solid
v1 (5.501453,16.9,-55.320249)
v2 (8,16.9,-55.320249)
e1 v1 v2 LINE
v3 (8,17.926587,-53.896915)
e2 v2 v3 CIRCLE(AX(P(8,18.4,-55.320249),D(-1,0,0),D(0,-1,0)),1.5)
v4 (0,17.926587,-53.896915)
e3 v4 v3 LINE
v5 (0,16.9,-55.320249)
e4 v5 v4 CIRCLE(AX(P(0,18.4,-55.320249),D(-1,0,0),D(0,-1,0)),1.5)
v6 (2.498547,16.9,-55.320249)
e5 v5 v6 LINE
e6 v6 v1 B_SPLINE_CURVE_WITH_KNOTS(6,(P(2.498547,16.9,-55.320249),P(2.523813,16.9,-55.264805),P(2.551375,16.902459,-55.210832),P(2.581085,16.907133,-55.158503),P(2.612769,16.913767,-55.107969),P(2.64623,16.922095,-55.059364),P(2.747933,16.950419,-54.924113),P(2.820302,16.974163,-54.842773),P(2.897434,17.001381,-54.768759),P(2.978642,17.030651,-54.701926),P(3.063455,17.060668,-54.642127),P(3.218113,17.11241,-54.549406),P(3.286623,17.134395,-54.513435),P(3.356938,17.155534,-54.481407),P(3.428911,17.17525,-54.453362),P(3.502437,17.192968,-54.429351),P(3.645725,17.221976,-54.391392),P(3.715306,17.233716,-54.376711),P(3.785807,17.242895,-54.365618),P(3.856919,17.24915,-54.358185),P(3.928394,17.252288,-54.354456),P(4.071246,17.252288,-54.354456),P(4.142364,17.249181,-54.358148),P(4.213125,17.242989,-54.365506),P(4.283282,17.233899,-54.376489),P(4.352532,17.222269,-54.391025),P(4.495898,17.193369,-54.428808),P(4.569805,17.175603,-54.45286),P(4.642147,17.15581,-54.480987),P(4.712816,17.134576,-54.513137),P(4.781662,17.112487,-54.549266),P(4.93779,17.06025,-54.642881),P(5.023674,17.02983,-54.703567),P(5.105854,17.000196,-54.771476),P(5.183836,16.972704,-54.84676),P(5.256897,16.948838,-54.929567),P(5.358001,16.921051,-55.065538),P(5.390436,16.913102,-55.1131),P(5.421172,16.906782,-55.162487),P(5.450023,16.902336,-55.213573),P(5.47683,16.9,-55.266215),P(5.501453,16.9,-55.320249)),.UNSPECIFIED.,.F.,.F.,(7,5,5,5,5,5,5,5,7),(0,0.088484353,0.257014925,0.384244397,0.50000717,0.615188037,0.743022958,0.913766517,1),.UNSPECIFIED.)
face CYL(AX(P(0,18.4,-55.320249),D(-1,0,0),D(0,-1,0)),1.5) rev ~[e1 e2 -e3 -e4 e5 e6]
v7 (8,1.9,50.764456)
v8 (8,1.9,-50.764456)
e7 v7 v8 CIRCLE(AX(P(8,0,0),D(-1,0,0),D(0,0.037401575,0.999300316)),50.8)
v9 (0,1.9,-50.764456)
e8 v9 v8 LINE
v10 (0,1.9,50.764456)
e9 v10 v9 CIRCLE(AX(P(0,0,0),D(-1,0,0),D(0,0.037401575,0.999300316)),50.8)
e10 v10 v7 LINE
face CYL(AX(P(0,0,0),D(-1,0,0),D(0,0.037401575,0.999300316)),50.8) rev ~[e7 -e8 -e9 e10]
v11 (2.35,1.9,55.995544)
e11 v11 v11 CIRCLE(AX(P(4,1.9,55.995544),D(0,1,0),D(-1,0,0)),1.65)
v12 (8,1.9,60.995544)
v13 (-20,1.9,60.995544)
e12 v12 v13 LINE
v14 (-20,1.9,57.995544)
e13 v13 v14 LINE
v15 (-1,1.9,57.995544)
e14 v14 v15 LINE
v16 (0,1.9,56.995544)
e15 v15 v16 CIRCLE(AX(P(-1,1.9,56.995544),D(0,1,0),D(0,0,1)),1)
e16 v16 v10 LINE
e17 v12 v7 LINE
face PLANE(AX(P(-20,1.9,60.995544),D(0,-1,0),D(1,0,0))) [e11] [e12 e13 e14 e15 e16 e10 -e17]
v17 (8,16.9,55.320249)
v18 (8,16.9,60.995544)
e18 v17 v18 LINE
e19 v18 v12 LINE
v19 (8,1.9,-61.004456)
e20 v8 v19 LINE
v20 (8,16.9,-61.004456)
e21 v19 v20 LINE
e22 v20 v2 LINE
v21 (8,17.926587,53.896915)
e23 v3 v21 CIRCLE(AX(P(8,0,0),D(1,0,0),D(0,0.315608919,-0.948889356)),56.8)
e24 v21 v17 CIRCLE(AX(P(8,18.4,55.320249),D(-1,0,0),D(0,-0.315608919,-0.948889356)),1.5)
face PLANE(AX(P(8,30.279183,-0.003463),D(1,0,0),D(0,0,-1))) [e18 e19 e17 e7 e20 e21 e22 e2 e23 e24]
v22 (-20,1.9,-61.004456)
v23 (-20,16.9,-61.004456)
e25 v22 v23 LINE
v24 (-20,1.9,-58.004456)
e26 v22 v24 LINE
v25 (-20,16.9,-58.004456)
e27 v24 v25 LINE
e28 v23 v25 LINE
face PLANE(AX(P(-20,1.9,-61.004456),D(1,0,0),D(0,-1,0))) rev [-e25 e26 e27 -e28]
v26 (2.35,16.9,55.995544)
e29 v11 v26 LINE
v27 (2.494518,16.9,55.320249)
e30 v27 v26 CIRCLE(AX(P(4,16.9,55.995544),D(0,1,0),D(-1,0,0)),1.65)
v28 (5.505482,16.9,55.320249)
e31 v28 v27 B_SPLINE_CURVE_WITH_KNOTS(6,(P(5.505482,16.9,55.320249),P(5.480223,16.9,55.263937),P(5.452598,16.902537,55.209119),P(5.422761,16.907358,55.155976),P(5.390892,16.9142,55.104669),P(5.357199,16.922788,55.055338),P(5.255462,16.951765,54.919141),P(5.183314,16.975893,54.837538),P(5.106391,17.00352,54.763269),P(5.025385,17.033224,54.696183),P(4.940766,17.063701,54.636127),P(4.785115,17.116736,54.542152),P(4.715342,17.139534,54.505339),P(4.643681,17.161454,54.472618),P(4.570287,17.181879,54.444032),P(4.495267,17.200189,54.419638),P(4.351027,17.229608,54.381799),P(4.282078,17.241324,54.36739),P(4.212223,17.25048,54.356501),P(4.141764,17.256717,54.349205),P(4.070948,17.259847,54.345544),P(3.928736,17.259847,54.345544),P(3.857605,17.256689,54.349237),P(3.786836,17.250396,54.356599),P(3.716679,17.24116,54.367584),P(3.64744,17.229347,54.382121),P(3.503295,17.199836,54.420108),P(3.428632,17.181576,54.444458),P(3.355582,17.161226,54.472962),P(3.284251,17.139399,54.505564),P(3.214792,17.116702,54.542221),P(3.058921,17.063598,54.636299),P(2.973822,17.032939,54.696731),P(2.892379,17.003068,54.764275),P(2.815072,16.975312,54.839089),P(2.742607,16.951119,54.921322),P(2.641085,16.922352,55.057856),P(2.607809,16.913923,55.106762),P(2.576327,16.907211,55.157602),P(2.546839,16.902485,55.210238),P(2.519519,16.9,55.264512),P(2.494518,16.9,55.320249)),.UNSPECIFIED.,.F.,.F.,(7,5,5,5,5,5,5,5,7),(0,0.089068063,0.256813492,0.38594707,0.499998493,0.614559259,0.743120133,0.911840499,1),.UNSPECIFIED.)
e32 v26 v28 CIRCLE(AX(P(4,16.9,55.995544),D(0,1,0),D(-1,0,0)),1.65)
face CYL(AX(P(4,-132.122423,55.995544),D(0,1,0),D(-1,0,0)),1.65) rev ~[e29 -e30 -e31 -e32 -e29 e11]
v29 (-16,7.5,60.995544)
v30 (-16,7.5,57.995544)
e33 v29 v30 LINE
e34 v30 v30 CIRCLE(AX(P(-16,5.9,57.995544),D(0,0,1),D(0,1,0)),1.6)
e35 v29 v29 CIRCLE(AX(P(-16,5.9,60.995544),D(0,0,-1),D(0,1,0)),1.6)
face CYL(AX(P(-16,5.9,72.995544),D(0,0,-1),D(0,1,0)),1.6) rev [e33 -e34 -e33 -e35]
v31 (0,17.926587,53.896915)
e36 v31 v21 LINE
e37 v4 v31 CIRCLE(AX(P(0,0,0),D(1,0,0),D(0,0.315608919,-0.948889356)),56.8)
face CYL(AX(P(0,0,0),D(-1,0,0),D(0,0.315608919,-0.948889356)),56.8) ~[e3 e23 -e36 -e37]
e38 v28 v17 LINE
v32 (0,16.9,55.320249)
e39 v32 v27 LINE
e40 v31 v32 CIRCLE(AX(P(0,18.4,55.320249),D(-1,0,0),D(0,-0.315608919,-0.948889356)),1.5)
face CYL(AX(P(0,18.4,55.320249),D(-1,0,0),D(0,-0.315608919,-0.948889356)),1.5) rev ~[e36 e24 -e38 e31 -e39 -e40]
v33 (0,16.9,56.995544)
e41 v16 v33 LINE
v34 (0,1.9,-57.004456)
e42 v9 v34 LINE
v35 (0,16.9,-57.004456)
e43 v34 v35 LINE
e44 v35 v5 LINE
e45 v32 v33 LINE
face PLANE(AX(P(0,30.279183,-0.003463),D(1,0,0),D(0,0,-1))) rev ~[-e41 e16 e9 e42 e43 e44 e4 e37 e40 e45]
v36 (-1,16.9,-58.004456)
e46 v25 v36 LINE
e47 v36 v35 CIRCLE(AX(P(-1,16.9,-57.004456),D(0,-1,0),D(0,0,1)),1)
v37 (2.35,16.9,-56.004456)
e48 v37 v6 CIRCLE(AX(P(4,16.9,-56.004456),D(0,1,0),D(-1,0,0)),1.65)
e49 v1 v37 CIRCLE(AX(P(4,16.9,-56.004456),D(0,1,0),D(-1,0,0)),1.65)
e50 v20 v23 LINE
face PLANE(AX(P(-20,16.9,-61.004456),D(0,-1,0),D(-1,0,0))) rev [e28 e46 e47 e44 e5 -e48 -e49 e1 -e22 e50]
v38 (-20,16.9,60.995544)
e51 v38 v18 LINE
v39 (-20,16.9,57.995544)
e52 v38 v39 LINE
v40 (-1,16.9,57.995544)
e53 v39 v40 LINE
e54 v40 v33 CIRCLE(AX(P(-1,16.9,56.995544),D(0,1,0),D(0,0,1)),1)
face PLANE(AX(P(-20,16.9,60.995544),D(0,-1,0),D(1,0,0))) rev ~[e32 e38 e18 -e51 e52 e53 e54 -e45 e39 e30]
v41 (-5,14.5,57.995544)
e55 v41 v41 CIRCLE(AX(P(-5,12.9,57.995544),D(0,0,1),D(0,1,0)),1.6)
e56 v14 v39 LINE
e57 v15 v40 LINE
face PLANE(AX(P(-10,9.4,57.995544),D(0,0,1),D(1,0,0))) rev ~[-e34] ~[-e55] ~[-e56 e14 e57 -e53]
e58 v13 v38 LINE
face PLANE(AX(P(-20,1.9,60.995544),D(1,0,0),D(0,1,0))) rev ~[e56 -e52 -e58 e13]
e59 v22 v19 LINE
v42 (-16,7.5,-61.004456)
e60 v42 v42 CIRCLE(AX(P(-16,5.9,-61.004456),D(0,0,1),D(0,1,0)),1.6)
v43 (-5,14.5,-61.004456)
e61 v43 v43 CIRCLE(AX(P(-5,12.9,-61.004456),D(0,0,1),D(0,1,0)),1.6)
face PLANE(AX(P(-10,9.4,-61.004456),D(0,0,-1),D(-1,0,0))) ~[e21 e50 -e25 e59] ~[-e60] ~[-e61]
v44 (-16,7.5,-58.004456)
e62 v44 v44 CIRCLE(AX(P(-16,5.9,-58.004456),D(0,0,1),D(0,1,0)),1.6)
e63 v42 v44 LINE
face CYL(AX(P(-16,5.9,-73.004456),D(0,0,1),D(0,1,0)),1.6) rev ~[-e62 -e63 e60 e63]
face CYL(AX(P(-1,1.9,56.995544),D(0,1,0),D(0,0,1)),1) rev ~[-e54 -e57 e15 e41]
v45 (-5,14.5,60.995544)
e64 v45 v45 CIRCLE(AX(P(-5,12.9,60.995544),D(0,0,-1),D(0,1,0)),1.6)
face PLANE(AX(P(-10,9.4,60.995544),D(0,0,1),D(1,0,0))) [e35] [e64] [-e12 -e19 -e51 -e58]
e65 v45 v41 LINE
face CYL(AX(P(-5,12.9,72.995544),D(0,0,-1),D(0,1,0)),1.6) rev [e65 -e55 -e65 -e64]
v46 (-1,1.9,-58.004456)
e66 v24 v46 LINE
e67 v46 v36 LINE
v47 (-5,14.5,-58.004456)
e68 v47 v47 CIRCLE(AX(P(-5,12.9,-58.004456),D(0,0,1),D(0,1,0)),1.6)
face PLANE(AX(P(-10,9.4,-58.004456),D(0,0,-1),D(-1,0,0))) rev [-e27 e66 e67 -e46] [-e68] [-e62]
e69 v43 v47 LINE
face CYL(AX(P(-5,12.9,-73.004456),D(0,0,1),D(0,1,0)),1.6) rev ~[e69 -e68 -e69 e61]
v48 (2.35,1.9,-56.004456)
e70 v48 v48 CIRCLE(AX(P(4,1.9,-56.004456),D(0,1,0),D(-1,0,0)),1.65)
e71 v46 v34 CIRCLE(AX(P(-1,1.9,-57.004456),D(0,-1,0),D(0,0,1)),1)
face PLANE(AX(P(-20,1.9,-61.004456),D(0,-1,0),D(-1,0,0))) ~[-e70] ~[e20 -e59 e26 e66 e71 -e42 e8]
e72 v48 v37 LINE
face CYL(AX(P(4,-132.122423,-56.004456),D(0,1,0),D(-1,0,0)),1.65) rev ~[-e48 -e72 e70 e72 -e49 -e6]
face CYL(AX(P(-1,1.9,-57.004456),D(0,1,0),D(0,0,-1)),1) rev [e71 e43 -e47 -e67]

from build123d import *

# Parameters (mm, degrees)
BOSS_EXTRUDE1_DEPTH           = 8
M4_TAPPED_HOLE1_D             = 3.3
SKETCH8_W                     = 20
SKETCH8_H                     = 15
BOSS_EXTRUDE2_DEPTH           = 3
FILLET1_R                     = 1
M3_CLEARANCE_HOLE1_AT_2_COUNT = 2
M3_CLEARANCE_HOLE1_AT_2_PITCH = 13.03840481
FILLET1_OF_MIRROR1_R          = 1


with BuildPart() as part:
    # Sketch1 → Boss-Extrude1 (new body)
    with BuildSketch(Plane(origin=(0, 0, 0), x_dir=(0, 0, -1), z_dir=(1, 0, 0))):
        with BuildLine():
            Line((-60.995543931, 1.9), (-50.764456069, 1.9))
            ThreePointArc((-50.764456069, 1.9), (0, 50.8), (50.764456069, 1.9))
            Line((50.764456069, 1.9), (61.004456069, 1.9))
            Line((61.004456069, 1.9), (61.004456069, 16.9))
            Line((61.004456069, 16.9), (55.320249457, 16.9))
            ThreePointArc((55.320249457, 16.9), (54.442787227, 17.18342282), (53.896915423, 17.926586621))
            ThreePointArc((53.896915423, 17.926586621), (0, 56.8), (-53.896915423, 17.926586621))
            ThreePointArc((-53.896915423, 17.926586621), (-54.442787227, 17.18342282), (-55.320249457, 16.9))
            Line((-55.320249457, 16.9), (-60.995543931, 16.9))
            Line((-60.995543931, 16.9), (-60.995543931, 1.9))
        make_face()
    extrude(amount=BOSS_EXTRUDE1_DEPTH)

    # M4 Tapped Hole1 (through all)
    with Locations(Plane.XZ.offset(-1.9)):
        with Locations((4, -56.004456069), (4, 55.995543931)):
            Hole(M4_TAPPED_HOLE1_D / 2)

    # Sketch8 → Boss-Extrude2 (add)
    with BuildSketch(Plane.XY.offset(60.995543931)):
        with Locations((-10, 9.4)):
            Rectangle(SKETCH8_W, SKETCH8_H)
    boss_extrude2 = extrude(amount=-BOSS_EXTRUDE2_DEPTH)

    # Fillet1
    fillet1_edges = [part.edges().sort_by_distance(p)[0] for p in [
        (0, 9.4, 57.995543931),
    ]]
    fillet(fillet1_edges, radius=FILLET1_R)

    # Sketch9 → M3 Clearance Hole1 (revolve, cut)
    with BuildSketch(Plane(origin=(-5, 12.9, 57.995543931), x_dir=(0, 1, 0), z_dir=(1, 0, 0))):
        Polygon((0, 0), (0, 15.96137699), (1.6, 15), (1.6, 0), align=None)
    m3_clearance_hole1 = revolve(axis=Axis((-5, 12.9, 51.645543931), (0, 0, 1)), mode=Mode.SUBTRACT)

    # M3 Clearance Hole1 at 2: M3 Clearance Hole1 ×2
    with Locations(*[Vector(-0.8436614877321075, -0.5368754921931593, 0) * (i * M3_CLEARANCE_HOLE1_AT_2_PITCH) for i in range(1, M3_CLEARANCE_HOLE1_AT_2_COUNT)]):
        add(m3_clearance_hole1, mode=Mode.SUBTRACT)

    # Mirror1: Boss-Extrude2, M3 Clearance Hole1 across plane
    add(boss_extrude2.mirror(Plane(origin=(0, 0, -0.004456069), x_dir=(1, 0, 0), z_dir=(0, 0, -1))))
    add(m3_clearance_hole1.mirror(Plane(origin=(0, 0, -0.004456069), x_dir=(1, 0, 0), z_dir=(0, 0, -1))), mode=Mode.SUBTRACT)

    # Mirror1 copy 1 sketch → Mirror1 copy 1 (revolve, cut)
    with BuildSketch(Plane(origin=(-16, 5.9, -58.004456069), x_dir=(0, 1, 0), z_dir=(1, 0, 0))):
        Polygon((0, 0), (0, -15.96137699), (1.6, -15), (1.6, 0), align=None)
    revolve(axis=Axis((-16, 5.9, -51.654456069), (0, 0, 1)), mode=Mode.SUBTRACT)

    # Fillet1 of Mirror1
    fillet1_of_mirror1_edges = [part.edges().sort_by_distance(p)[0] for p in [
        (0, 9.4, -58.004456069),
    ]]
    fillet(fillet1_of_mirror1_edges, radius=FILLET1_OF_MIRROR1_R)


solid = part.part
